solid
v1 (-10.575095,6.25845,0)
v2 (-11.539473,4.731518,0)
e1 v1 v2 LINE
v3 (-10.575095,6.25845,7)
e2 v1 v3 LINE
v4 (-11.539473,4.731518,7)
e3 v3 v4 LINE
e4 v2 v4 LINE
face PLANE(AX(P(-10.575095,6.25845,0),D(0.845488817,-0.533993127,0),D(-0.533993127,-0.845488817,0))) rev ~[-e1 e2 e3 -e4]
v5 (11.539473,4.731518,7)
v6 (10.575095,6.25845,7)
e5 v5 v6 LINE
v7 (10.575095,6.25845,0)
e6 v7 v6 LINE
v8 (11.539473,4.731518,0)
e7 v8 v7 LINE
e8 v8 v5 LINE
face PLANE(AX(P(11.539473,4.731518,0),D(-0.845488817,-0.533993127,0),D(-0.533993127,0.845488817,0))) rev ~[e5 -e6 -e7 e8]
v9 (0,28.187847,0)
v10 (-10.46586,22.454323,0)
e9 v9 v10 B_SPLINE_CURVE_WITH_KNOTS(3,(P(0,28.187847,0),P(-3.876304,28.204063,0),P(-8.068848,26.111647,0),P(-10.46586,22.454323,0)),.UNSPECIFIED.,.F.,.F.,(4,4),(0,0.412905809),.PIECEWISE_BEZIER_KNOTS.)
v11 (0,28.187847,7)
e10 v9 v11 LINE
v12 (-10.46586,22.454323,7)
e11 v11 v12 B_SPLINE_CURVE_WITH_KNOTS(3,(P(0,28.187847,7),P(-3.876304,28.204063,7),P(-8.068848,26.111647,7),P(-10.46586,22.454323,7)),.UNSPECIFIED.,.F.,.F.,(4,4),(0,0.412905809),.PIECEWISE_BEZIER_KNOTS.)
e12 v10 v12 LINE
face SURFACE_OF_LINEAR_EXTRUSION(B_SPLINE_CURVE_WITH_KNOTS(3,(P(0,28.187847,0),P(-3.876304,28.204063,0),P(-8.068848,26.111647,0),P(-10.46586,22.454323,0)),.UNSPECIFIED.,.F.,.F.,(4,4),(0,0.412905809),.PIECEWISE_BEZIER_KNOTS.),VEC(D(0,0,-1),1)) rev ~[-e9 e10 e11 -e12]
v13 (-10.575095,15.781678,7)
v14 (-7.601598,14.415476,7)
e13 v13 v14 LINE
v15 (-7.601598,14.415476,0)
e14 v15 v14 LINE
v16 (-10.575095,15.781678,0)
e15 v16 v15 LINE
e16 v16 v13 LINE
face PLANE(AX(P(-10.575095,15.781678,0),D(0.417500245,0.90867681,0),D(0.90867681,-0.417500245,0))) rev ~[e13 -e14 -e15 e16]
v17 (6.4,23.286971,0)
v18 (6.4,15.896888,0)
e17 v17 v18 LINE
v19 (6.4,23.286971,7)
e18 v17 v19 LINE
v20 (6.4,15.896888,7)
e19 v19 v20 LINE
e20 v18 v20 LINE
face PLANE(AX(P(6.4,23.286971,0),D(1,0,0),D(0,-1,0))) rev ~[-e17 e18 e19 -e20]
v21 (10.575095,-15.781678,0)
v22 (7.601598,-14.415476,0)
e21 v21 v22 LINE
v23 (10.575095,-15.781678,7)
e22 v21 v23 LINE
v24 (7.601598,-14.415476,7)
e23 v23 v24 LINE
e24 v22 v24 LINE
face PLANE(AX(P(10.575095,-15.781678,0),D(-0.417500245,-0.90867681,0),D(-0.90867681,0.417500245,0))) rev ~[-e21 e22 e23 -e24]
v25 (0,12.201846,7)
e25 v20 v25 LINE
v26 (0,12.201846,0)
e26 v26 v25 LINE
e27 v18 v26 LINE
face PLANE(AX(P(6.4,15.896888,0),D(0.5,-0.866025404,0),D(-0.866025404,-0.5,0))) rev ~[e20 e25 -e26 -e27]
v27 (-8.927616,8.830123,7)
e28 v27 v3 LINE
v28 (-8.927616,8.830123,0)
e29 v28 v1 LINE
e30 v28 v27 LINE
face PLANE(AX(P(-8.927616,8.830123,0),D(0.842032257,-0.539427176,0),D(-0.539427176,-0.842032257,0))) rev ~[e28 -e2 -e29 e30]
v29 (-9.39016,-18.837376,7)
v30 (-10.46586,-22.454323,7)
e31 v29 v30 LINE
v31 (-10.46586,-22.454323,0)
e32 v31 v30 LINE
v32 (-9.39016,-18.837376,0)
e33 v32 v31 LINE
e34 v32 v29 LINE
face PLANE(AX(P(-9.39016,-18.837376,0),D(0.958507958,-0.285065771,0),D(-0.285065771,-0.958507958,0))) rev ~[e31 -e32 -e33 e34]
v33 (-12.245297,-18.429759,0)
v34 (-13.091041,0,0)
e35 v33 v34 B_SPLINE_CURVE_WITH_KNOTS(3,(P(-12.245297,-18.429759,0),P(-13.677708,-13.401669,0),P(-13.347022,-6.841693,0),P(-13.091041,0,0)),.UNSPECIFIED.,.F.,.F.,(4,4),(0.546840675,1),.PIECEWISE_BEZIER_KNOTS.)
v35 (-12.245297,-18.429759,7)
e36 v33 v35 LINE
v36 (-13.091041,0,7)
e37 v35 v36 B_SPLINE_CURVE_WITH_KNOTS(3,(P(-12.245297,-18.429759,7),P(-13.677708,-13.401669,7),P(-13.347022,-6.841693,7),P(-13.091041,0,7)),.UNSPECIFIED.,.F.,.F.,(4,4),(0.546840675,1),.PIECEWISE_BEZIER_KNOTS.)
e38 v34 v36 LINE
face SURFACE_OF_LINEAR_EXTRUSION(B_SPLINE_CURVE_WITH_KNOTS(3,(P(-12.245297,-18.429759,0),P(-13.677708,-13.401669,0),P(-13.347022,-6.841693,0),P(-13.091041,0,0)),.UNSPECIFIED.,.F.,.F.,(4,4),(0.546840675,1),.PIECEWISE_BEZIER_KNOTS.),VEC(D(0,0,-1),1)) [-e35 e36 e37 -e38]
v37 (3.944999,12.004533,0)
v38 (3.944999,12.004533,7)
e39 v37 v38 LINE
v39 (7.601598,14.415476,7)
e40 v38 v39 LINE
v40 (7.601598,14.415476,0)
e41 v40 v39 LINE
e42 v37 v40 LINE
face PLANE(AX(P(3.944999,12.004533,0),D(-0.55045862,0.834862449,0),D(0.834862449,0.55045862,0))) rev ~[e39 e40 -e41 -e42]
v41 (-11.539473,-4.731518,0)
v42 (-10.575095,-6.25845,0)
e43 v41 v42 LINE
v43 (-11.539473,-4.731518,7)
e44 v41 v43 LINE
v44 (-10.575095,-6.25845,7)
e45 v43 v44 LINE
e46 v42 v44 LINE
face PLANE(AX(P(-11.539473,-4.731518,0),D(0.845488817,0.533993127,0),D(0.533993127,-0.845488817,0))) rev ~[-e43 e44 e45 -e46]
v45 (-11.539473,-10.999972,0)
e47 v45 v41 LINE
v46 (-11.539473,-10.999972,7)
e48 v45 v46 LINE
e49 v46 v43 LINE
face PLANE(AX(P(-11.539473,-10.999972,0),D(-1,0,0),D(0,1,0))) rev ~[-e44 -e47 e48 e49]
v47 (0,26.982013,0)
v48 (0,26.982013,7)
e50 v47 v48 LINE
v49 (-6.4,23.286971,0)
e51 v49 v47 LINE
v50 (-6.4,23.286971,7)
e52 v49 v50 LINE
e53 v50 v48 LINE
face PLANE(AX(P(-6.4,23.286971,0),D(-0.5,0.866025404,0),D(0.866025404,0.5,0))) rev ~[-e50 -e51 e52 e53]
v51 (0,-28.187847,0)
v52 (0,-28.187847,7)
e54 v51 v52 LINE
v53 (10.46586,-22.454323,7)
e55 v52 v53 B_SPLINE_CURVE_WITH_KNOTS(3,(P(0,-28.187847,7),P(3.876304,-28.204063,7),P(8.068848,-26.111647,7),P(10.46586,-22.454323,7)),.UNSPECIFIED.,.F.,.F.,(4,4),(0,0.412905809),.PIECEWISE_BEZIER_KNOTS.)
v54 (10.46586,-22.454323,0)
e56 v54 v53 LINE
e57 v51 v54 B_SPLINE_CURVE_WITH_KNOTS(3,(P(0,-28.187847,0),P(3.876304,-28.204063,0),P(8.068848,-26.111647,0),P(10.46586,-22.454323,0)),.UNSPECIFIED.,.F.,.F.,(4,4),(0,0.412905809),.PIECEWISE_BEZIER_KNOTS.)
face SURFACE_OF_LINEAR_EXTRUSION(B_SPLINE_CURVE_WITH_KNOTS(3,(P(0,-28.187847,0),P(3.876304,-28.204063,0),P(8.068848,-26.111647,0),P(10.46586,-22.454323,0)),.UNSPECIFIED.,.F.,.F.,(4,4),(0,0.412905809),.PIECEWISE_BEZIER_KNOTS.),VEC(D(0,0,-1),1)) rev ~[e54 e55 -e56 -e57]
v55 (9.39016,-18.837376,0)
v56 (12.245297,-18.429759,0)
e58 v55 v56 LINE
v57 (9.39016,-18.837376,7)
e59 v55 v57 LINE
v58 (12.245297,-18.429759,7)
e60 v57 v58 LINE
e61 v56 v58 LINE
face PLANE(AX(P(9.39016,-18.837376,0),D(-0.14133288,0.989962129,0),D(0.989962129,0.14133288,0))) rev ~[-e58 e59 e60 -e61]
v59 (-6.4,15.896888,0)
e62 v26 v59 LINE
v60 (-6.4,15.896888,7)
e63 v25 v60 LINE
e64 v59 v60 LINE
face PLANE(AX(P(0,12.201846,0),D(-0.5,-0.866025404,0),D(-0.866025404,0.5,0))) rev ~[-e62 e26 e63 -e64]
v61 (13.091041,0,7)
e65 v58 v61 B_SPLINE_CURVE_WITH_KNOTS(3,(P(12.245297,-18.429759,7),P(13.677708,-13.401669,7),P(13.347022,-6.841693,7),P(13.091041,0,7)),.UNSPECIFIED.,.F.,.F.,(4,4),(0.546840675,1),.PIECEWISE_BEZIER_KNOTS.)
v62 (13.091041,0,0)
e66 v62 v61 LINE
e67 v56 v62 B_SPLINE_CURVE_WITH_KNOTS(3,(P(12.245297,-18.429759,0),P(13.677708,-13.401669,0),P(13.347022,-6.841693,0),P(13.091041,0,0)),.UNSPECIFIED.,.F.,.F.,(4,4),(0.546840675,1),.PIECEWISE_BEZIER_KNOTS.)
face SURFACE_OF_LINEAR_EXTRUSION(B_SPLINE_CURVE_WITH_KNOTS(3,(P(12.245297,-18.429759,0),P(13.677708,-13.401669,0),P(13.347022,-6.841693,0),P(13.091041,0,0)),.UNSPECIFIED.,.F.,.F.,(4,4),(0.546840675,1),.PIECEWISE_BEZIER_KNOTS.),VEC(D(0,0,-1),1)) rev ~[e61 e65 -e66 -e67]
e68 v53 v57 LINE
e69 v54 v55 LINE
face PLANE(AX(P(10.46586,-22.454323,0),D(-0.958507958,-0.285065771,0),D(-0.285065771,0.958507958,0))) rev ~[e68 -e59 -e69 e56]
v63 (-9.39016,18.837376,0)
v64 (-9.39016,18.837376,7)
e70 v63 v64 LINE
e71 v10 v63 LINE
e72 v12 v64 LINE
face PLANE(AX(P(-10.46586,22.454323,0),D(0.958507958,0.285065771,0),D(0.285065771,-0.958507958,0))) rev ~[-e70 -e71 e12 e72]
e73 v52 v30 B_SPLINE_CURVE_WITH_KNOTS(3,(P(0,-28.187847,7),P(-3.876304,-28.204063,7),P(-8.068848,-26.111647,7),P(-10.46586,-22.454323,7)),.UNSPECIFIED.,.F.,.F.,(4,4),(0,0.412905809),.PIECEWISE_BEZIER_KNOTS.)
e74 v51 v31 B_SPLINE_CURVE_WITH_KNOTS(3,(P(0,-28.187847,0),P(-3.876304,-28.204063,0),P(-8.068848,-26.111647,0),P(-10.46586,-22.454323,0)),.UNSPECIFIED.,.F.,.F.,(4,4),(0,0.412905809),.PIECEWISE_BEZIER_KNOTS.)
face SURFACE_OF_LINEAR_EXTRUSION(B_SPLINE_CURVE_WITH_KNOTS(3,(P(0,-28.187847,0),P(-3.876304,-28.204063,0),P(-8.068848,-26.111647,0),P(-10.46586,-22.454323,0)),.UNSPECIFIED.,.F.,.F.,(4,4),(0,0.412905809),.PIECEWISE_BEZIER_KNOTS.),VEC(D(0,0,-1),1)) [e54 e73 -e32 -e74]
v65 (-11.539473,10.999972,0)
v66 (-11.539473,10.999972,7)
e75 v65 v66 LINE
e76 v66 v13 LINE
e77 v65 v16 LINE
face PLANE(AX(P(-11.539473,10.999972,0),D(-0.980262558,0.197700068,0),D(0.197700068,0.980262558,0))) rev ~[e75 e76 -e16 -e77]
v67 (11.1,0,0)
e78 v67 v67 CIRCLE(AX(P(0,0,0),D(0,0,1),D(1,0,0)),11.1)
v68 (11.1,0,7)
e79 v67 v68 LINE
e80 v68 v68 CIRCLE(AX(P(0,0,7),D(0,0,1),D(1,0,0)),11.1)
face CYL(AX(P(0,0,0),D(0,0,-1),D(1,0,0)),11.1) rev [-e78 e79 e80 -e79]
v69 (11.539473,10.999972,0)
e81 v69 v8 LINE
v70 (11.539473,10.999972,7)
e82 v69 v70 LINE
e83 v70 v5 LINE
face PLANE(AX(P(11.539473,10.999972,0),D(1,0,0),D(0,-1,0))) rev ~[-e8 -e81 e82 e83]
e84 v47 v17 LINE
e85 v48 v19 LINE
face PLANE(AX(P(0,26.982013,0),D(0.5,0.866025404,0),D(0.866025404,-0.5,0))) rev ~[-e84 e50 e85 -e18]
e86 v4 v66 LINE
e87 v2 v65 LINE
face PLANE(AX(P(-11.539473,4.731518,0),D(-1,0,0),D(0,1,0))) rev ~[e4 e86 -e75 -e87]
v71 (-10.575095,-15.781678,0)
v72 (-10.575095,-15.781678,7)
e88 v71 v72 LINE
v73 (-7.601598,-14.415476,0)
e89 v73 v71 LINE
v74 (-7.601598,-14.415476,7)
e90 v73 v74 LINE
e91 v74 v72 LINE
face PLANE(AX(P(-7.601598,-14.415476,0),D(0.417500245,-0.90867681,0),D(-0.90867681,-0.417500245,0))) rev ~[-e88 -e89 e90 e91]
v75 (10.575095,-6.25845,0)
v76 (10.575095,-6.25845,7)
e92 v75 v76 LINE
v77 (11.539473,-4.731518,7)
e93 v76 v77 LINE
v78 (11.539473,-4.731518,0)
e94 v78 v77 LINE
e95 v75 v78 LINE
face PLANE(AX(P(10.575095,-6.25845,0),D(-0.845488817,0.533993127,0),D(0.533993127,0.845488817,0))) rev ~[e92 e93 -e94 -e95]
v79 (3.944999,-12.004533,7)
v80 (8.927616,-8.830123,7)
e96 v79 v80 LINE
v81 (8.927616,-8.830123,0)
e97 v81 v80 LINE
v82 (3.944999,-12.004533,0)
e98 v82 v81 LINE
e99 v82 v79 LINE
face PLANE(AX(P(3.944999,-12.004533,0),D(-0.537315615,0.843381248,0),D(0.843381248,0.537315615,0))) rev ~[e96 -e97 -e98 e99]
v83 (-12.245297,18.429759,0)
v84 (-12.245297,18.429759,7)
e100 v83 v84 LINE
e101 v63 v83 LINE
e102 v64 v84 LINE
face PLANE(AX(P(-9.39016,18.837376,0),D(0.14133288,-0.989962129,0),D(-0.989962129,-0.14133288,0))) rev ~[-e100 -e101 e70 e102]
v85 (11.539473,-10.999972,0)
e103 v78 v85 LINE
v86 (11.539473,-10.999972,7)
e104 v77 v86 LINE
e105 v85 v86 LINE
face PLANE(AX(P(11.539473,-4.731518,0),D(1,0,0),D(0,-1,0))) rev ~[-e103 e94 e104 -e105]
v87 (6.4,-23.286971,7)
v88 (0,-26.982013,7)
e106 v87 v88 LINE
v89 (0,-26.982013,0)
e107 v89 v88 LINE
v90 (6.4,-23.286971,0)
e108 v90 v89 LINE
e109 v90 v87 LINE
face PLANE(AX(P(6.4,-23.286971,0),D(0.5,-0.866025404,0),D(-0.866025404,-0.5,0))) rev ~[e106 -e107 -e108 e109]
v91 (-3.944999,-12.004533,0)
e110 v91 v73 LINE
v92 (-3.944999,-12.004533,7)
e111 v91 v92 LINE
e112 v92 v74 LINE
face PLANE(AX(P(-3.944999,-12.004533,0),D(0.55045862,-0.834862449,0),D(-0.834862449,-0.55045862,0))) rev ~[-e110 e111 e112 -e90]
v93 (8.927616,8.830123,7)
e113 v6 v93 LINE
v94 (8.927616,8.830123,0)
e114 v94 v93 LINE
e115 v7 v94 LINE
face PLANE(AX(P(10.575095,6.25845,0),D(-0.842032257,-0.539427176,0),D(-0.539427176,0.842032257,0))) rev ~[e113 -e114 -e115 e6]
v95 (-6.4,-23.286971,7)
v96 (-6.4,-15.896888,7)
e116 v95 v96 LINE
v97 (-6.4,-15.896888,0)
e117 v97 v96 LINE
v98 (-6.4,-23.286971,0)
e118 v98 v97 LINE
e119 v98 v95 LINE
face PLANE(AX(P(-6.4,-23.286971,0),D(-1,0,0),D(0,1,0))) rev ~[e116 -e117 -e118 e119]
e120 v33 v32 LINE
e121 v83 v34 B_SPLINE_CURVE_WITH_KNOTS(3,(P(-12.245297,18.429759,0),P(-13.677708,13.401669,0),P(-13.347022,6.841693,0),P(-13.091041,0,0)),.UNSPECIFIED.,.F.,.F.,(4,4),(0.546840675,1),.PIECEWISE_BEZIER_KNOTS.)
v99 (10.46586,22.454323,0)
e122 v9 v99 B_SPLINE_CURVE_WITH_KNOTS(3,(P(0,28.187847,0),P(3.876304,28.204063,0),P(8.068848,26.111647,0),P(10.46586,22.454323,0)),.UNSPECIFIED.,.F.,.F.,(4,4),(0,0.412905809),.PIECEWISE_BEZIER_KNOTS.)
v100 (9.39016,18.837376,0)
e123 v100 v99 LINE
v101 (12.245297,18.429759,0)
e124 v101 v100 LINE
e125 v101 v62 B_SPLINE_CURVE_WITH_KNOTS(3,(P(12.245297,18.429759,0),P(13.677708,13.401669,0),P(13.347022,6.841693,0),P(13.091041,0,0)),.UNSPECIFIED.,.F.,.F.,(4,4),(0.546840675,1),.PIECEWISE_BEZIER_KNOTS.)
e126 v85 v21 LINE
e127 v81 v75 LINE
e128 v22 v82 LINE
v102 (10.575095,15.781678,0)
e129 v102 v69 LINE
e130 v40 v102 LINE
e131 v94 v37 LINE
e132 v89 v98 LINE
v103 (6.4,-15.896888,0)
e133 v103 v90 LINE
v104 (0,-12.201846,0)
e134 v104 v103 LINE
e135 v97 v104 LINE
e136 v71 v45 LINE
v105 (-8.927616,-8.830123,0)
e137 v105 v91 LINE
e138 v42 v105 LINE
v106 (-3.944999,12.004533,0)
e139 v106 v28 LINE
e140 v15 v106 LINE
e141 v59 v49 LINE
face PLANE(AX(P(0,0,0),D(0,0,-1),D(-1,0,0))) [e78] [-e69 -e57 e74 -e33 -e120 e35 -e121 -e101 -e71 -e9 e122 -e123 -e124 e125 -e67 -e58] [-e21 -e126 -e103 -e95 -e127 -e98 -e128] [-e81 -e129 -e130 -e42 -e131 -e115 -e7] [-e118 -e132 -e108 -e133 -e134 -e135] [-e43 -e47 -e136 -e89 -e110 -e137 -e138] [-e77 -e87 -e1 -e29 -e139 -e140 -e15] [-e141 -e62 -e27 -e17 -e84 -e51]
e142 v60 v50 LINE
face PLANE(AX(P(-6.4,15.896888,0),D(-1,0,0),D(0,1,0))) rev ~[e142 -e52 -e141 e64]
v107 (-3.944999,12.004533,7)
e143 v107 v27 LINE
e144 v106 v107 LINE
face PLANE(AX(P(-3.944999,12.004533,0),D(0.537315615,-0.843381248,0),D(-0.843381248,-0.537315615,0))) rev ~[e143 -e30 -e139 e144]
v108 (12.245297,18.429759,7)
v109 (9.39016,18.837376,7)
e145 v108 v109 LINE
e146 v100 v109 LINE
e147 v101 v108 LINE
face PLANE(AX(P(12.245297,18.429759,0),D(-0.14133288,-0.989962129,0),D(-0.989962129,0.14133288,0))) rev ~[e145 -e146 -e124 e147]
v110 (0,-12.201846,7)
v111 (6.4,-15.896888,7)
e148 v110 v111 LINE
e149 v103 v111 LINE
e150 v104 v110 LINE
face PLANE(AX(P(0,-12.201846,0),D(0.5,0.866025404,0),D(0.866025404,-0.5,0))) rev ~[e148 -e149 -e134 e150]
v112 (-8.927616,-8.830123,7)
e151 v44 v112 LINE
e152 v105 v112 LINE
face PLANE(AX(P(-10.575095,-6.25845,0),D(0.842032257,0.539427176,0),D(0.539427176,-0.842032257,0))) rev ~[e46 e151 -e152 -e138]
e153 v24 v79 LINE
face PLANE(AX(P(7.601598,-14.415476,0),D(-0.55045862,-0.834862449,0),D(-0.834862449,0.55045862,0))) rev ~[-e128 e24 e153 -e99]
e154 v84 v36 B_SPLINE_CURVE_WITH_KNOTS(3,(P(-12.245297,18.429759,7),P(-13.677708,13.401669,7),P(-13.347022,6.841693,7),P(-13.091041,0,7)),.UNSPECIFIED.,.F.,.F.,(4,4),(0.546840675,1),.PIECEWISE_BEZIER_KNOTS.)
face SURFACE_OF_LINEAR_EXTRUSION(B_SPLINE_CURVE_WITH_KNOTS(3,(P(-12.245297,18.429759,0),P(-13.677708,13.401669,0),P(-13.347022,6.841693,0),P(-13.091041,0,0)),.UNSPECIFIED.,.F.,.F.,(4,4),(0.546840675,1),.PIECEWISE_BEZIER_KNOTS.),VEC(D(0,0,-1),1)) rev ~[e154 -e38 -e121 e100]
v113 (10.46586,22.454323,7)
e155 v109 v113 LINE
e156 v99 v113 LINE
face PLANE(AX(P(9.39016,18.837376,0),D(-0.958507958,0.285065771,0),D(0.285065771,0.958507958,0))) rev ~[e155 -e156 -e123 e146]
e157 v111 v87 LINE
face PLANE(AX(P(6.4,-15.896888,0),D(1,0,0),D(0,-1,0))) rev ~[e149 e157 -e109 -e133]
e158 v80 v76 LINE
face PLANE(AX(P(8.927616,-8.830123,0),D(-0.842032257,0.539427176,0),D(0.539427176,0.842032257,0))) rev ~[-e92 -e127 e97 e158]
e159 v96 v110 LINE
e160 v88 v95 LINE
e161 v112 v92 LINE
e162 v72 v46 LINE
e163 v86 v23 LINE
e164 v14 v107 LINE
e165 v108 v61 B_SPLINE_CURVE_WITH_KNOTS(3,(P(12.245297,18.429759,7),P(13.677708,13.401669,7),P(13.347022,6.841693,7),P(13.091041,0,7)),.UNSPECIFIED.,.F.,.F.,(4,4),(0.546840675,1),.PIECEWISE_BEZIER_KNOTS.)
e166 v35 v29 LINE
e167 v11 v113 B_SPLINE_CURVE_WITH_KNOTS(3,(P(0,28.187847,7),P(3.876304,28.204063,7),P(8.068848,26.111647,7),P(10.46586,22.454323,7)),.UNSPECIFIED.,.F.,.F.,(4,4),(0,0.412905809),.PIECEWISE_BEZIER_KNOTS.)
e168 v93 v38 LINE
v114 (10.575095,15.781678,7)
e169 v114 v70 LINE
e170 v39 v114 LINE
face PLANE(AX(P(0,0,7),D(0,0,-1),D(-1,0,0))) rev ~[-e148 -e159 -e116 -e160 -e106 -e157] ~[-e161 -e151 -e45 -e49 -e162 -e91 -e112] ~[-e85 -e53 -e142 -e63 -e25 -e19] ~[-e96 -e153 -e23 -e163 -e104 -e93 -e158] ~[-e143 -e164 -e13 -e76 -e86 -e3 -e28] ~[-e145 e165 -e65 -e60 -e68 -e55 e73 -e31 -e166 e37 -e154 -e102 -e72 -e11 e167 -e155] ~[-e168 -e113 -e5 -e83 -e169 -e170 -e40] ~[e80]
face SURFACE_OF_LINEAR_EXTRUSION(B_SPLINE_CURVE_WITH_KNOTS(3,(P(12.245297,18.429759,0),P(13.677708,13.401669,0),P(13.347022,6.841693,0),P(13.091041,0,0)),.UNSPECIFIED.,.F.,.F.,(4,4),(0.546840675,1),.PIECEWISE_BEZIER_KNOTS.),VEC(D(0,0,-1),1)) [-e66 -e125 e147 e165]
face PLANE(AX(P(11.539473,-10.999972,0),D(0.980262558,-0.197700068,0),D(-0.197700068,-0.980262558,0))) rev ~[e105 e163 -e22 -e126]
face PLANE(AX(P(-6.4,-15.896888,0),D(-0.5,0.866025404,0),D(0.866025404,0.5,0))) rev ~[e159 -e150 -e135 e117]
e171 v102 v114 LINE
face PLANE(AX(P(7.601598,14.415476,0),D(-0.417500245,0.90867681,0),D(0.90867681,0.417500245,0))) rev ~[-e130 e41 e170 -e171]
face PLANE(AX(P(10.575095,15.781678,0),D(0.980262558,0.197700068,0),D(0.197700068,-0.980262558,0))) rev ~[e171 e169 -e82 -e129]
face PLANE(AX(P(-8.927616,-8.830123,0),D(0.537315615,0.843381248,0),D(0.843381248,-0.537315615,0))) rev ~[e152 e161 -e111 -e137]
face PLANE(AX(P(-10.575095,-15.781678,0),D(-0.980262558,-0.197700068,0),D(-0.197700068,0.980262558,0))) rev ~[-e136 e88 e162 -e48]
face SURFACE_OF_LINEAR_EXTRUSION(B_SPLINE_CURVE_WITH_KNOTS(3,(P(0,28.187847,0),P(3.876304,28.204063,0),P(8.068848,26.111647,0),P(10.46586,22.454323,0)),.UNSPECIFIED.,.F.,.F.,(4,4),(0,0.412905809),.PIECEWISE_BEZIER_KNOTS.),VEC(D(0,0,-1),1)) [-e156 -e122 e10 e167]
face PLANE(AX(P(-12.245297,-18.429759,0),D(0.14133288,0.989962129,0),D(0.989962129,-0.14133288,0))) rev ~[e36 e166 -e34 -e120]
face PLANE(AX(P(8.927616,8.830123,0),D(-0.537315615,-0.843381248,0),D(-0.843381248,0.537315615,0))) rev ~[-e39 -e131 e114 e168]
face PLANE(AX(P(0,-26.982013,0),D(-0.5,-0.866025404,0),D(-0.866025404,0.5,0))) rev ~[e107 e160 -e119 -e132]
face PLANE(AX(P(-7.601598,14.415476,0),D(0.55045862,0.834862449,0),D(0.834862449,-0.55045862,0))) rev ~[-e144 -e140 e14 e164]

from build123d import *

# Parameters (mm, degrees)
F0_R     = 11.1
F1_DEPTH = 7


with BuildPart() as f1:
    # F0 (on Top) → F1 (new body)
    with BuildSketch(Plane.XY):
        with BuildLine():
            add(Edge.make_bspline(
                [(0, 28.1878467649), (3.8763035152, 28.2040634856), (8.0688480164, 26.1116467562), (10.4658603604, 22.4543227052)],
                knots=[0, 0, 0, 0, 0.4129058091, 0.4129058091, 0.4129058091, 0.4129058091], degree=3))
            add(Edge.make_bspline(
                [(0, 28.1878467649), (-3.8763035152, 28.2040634856), (-8.0688480164, 26.1116467562), (-10.4658603604, 22.4543227052)],
                knots=[0, 0, 0, 0, 0.4129058091, 0.4129058091, 0.4129058091, 0.4129058091], degree=3))
            Line((-10.4658603604, 22.4543227052), (-9.3901595101, 18.8373755664))
            Line((-9.3901595101, 18.8373755664), (-12.2452968513, 18.429759182))
            add(Edge.make_bspline(
                [(-12.2452968513, 18.429759182), (-13.6777081897, 13.4016693255), (-13.3470218498, 6.8416931392), (-13.0910407752, 0)],
                knots=[0.5468406746, 0.5468406746, 0.5468406746, 0.5468406746, 1, 1, 1, 1], degree=3))
            add(Edge.make_bspline(
                [(-12.2452968513, -18.429759182), (-13.6777081897, -13.4016693255), (-13.3470218498, -6.8416931392), (-13.0910407752, 0)],
                knots=[0.5468406746, 0.5468406746, 0.5468406746, 0.5468406746, 1, 1, 1, 1], degree=3))
            Line((-12.2452968513, -18.429759182), (-9.3901595101, -18.8373755664))
            Line((-9.3901595101, -18.8373755664), (-10.4658603604, -22.4543227052))
            add(Edge.make_bspline(
                [(0, -28.1878467649), (-3.8763035152, -28.2040634856), (-8.0688480164, -26.1116467562), (-10.4658603604, -22.4543227052)],
                knots=[0, 0, 0, 0, 0.4129058091, 0.4129058091, 0.4129058091, 0.4129058091], degree=3))
            add(Edge.make_bspline(
                [(0, -28.1878467649), (3.8763035152, -28.2040634856), (8.0688480164, -26.1116467562), (10.4658603604, -22.4543227052)],
                knots=[0, 0, 0, 0, 0.4129058091, 0.4129058091, 0.4129058091, 0.4129058091], degree=3))
            Line((10.4658603604, -22.4543227052), (9.3901595101, -18.8373755664))
            Line((9.3901595101, -18.8373755664), (12.2452968513, -18.429759182))
            add(Edge.make_bspline(
                [(12.2452968513, -18.429759182), (13.6777081897, -13.4016693255), (13.3470218498, -6.8416931392), (13.0910407752, 0)],
                knots=[0.5468406746, 0.5468406746, 0.5468406746, 0.5468406746, 1, 1, 1, 1], degree=3))
            add(Edge.make_bspline(
                [(12.2452968513, 18.429759182), (13.6777081897, 13.4016693255), (13.3470218498, 6.8416931392), (13.0910407752, 0)],
                knots=[0.5468406746, 0.5468406746, 0.5468406746, 0.5468406746, 1, 1, 1, 1], degree=3))
            Line((12.2452968513, 18.429759182), (9.3901595101, 18.8373755664))
            Line((9.3901595101, 18.8373755664), (10.4658603604, 22.4543227052))
        make_face()
        Polygon((-11.5394731984, -4.7315182164), (-10.5750951916, -6.2584495172), (-8.9276162907, -8.8301226497), (-3.9449990727, -12.0045328513), (-7.601597812, -14.4154764712), (-10.5750951916, -15.7816782594), (-11.5394731984, -10.9999720007), align=None, mode=Mode.SUBTRACT)
        Polygon((-6.4, -23.2869711138), (-6.4, -15.8968876682), (0, -12.2018459454), (6.4, -15.8968876682), (6.4, -23.2869711138), (0, -26.9820128367), align=None, mode=Mode.SUBTRACT)
        Polygon((8.9276162907, -8.8301226497), (10.5750951916, -6.2584495172), (11.5394731984, -4.7315182164), (11.5394731984, -10.9999720007), (10.5750951916, -15.7816782594), (7.601597812, -14.4154764712), (3.9449990727, -12.0045328513), align=None, mode=Mode.SUBTRACT)
        Polygon((-8.9276162907, 8.8301226497), (-10.5750951916, 6.2584495172), (-11.5394731984, 4.7315182164), (-11.5394731984, 10.9999720007), (-10.5750951916, 15.7816782594), (-7.601597812, 14.4154764712), (-3.9449990727, 12.0045328513), align=None, mode=Mode.SUBTRACT)
        Circle(F0_R, mode=Mode.SUBTRACT)
        Polygon((3.9449990727, 12.0045328513), (7.601597812, 14.4154764712), (10.5750951916, 15.7816782594), (11.5394731984, 10.9999720007), (11.5394731984, 4.7315182164), (10.5750951916, 6.2584495172), (8.9276162907, 8.8301226497), align=None, mode=Mode.SUBTRACT)
        Polygon((0, 26.9820128367), (6.4, 23.2869711138), (6.4, 15.8968876682), (0, 12.2018459454), (-6.4, 15.8968876682), (-6.4, 23.2869711138), align=None, mode=Mode.SUBTRACT)
    extrude(amount=F1_DEPTH)


solid = f1.part
